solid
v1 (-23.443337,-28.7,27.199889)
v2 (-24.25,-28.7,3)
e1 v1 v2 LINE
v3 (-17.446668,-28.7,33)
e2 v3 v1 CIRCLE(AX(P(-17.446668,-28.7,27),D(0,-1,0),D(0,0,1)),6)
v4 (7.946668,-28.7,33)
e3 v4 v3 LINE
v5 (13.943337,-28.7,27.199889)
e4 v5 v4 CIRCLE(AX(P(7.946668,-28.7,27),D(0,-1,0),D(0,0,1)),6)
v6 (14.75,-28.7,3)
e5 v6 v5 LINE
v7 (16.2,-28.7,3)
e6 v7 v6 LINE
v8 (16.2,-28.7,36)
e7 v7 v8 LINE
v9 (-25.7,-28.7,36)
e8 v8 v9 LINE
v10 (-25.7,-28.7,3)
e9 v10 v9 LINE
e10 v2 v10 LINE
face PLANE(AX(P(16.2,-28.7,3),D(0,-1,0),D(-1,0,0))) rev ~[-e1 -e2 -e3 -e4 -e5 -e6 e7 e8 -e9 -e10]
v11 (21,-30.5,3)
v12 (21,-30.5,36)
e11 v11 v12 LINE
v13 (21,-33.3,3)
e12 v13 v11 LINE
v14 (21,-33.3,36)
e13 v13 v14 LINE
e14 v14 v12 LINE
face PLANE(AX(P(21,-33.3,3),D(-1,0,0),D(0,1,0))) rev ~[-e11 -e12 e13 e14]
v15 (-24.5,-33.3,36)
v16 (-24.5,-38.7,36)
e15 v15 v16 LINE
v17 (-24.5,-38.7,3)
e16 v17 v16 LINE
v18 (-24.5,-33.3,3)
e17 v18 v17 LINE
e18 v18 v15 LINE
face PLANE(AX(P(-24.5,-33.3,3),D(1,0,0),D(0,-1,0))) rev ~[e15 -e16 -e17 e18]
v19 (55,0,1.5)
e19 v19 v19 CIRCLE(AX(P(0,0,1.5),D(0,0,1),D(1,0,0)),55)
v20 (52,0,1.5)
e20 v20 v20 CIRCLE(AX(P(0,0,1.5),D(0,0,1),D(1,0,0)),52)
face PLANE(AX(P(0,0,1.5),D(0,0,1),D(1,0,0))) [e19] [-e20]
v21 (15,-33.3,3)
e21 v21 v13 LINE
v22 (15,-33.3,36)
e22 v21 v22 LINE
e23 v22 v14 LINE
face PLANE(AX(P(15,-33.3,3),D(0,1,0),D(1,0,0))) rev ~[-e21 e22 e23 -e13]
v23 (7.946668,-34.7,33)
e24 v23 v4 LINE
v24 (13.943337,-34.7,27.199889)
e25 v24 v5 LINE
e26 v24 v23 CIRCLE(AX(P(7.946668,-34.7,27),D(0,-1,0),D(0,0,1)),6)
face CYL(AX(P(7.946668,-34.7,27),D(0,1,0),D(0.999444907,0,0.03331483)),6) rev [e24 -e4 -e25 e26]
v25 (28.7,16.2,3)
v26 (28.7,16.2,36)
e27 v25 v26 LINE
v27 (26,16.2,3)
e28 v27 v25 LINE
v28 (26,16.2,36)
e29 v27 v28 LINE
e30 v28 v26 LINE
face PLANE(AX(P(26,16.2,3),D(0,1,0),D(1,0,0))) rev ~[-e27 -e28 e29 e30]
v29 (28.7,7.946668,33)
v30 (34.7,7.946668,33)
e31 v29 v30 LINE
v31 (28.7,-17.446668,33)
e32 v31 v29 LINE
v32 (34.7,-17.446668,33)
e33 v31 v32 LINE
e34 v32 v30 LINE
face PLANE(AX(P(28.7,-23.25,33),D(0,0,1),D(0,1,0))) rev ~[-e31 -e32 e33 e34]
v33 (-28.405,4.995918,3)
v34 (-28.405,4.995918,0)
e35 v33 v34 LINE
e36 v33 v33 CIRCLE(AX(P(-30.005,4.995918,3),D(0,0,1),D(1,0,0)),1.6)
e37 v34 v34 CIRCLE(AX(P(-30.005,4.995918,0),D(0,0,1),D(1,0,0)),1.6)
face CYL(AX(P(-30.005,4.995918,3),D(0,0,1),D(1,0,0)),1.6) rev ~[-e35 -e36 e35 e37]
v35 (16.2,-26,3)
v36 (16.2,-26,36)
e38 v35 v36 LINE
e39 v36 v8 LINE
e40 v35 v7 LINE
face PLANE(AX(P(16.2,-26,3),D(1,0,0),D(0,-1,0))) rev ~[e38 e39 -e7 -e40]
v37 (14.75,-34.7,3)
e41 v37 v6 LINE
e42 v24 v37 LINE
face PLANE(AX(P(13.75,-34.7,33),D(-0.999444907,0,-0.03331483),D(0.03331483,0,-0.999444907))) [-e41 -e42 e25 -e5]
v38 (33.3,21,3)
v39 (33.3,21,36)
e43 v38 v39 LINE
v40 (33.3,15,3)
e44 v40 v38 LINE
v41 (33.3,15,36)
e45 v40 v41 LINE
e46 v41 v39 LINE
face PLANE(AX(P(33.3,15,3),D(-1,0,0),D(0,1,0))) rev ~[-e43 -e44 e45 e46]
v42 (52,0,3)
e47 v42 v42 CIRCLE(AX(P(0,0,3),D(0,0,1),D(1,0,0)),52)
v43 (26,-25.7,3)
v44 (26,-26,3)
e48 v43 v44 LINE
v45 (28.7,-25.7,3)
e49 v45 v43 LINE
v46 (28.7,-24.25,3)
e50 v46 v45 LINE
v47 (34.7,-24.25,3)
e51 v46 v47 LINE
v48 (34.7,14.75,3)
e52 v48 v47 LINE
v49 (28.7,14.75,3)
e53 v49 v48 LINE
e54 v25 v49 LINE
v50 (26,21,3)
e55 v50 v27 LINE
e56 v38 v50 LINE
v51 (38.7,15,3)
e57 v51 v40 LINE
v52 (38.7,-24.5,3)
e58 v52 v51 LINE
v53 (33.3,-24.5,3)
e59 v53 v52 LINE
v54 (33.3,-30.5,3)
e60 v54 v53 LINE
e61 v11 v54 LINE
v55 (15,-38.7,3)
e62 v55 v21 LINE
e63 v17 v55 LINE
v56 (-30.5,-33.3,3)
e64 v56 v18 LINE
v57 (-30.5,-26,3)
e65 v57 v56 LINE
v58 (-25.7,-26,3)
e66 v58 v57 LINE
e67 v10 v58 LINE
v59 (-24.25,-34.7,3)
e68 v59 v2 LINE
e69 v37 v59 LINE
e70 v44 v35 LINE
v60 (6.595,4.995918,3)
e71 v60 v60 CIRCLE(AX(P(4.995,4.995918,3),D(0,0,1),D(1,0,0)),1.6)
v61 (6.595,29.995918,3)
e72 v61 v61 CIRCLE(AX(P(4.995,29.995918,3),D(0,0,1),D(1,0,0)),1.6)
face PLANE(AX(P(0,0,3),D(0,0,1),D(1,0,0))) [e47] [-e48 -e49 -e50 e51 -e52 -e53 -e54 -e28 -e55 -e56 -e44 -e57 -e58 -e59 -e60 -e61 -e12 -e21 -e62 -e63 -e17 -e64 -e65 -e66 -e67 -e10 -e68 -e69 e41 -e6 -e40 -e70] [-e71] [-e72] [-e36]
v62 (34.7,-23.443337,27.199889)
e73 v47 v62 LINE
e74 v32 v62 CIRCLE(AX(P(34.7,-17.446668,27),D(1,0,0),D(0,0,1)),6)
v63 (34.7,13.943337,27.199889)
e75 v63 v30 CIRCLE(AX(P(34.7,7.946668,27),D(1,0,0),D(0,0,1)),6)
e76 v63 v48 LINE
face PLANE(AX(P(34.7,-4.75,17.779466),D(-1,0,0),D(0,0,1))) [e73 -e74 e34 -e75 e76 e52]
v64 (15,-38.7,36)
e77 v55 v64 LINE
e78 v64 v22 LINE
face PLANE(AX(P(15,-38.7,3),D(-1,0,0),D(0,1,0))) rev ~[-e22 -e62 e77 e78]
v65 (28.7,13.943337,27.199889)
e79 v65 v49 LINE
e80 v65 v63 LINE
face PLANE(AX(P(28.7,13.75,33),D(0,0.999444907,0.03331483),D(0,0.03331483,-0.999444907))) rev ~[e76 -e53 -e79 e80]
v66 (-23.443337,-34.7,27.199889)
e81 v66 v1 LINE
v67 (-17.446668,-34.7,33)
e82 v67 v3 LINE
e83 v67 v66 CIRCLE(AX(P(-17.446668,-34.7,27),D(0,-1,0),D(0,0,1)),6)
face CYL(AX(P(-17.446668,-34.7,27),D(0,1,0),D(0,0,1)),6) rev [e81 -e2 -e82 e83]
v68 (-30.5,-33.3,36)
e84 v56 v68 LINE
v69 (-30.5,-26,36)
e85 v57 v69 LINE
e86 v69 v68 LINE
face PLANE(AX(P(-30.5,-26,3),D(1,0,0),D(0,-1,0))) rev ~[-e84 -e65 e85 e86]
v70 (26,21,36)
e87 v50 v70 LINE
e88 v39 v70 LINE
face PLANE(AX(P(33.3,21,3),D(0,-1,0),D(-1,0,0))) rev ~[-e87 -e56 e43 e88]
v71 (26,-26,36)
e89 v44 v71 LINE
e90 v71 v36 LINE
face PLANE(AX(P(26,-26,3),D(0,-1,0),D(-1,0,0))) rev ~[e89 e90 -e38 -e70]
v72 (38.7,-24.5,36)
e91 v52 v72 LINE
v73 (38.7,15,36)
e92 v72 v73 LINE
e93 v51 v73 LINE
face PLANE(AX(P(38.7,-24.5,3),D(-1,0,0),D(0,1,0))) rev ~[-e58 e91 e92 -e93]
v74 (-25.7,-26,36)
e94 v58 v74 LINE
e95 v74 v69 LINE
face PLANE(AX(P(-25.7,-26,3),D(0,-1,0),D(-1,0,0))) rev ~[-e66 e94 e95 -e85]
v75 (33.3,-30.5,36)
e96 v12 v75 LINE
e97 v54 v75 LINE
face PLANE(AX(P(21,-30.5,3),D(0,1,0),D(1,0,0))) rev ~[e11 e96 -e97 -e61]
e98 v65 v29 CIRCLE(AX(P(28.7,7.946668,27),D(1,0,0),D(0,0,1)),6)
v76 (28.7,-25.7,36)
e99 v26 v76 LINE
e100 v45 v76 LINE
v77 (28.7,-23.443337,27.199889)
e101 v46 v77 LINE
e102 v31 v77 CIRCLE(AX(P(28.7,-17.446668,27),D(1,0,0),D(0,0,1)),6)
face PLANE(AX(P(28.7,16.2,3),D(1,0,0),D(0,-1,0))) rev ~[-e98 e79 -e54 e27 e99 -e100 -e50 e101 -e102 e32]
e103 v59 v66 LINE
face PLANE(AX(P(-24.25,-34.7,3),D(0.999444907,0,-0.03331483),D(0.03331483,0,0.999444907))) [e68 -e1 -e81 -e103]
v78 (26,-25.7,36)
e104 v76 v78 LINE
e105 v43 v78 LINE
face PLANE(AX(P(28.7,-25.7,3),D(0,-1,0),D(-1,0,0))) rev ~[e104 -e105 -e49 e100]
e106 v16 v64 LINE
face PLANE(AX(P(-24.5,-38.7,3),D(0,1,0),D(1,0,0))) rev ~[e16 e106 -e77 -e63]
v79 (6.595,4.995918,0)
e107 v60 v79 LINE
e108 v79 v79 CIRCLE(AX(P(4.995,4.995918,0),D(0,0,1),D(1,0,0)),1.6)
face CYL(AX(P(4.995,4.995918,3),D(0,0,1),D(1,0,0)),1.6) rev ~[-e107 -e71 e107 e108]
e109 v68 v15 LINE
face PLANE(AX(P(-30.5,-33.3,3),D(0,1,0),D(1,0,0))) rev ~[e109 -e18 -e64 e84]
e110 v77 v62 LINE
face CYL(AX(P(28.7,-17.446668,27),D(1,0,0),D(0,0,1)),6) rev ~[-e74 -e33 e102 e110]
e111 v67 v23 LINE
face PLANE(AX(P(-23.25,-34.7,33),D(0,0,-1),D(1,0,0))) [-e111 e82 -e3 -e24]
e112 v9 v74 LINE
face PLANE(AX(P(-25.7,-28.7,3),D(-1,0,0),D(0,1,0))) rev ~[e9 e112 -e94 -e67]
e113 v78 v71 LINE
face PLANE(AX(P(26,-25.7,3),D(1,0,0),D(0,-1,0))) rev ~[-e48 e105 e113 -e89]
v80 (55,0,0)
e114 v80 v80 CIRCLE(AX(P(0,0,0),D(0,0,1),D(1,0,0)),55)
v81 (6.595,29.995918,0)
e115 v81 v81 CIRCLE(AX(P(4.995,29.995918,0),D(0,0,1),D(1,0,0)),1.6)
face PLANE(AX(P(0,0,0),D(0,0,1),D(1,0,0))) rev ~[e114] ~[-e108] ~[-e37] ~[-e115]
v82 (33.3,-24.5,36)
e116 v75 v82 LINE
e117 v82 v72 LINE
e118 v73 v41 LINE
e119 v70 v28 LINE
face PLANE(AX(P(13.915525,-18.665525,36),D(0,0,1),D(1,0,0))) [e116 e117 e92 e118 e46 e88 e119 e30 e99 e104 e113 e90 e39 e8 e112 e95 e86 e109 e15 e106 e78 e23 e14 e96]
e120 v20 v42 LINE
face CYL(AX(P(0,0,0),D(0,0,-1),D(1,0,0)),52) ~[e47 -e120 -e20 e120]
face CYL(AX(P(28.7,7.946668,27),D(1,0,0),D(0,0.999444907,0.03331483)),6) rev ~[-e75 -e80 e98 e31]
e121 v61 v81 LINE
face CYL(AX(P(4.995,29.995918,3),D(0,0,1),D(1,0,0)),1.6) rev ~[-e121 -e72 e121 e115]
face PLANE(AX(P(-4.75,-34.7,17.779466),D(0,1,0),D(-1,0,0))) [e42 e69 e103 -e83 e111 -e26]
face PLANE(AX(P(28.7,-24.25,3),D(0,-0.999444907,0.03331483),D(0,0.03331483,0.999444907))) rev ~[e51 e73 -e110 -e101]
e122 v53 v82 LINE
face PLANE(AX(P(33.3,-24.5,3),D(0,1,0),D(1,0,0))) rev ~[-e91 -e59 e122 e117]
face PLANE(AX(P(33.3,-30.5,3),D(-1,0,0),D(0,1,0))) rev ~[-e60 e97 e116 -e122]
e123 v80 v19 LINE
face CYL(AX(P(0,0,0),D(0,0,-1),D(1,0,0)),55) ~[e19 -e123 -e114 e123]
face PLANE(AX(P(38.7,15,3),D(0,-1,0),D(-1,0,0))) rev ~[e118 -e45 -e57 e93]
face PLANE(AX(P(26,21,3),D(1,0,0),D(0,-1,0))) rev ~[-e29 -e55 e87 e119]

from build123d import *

# Parameters (mm, degrees)
SKIZZE1_R                       = 52
AUFSATZ_LINEAR_AUSTRAGEN1_DEPTH = 3
SKIZZE1_3_R                     = 55
SKIZZE1_3_R_2                   = 52
AUFSATZ_LINEAR_AUSTRAGEN2_DEPTH = 1.5
SCHNITT_LINEAR_AUSTRAGEN1_REACH = 79.84
SKIZZE3_R                       = 1.6
AUFSATZ_LINEAR_AUSTRAGEN3_DEPTH = 33
SCHNITT_LINEAR_AUSTRAGEN4_REACH = 120.458
SCHNITT_LINEAR_START            = -4
VERRUNDUNG1_R                   = 6
SCHNITT_LINEAR_AUSTRAGEN9_DEPTH = 6
VERRUNDUNG2_R                   = 6


with BuildPart() as part:
    # Skizze1 → Aufsatz-Linear austragen1 (new body)
    with BuildSketch(Plane.XY):
        Circle(SKIZZE1_R)
    extrude(amount=AUFSATZ_LINEAR_AUSTRAGEN1_DEPTH)

    # Skizze1<3> → Aufsatz-Linear austragen2 (add)
    with BuildSketch(Plane.XY):
        Circle(SKIZZE1_3_R)
        Circle(SKIZZE1_3_R_2, mode=Mode.SUBTRACT)
    extrude(amount=AUFSATZ_LINEAR_AUSTRAGEN2_DEPTH)

    # Skizze3 → Schnitt-Linear austragen1 (cut, up to next)
    with BuildSketch(Plane.XY.offset(3), mode=Mode.PRIVATE) as schnitt_linear_austragen1_sk1:
        with Locations((4.995000167, 4.995918163)):
            Circle(SKIZZE3_R)
    schnitt_linear_austragen1_tool1 = extrude(schnitt_linear_austragen1_sk1.sketch, amount=-SCHNITT_LINEAR_AUSTRAGEN1_REACH, mode=Mode.PRIVATE) & part.part
    # Skizze3 → Schnitt-Linear austragen1 (cut, up to next)
    with BuildSketch(Plane.XY.offset(3), mode=Mode.PRIVATE) as schnitt_linear_austragen1_sk2:
        with Locations((4.995000167, 29.995918163)):
            Circle(SKIZZE3_R)
    schnitt_linear_austragen1_tool2 = extrude(schnitt_linear_austragen1_sk2.sketch, amount=-SCHNITT_LINEAR_AUSTRAGEN1_REACH, mode=Mode.PRIVATE) & part.part
    # Skizze3 → Schnitt-Linear austragen1 (cut, up to next)
    with BuildSketch(Plane.XY.offset(3), mode=Mode.PRIVATE) as schnitt_linear_austragen1_sk3:
        with Locations((-30.004999833, 4.995918163)):
            Circle(SKIZZE3_R)
    schnitt_linear_austragen1_tool3 = extrude(schnitt_linear_austragen1_sk3.sketch, amount=-SCHNITT_LINEAR_AUSTRAGEN1_REACH, mode=Mode.PRIVATE) & part.part
    add(schnitt_linear_austragen1_tool1.solids().sort_by_distance((4.995, 4.995918, 3))[0], mode=Mode.SUBTRACT)
    add(schnitt_linear_austragen1_tool2.solids().sort_by_distance((4.995, 29.995918, 3))[0], mode=Mode.SUBTRACT)
    add(schnitt_linear_austragen1_tool3.solids().sort_by_distance((-30.005, 4.995918, 3))[0], mode=Mode.SUBTRACT)

    # Skizze2 → Aufsatz-Linear austragen3 (add)
    with BuildSketch(Plane.XY.offset(3)):
        Polygon((26, 21), (26, 16.2), (27.2, 16.2), (28.7, 16.2), (28.7, 15), (28.7, -24.5), (28.7, -25.7), (27.2, -25.7), (26, -25.7), (26, -26), (21, -26), (16.2, -26), (16.2, -27.2), (16.2, -28.7), (15, -28.7), (-24.5, -28.7), (-25.7, -28.7), (-25.7, -27.2), (-25.7, -26), (-30.5, -26), (-30.5, -33.3), (-24.5, -33.3), (-24.5, -38.7), (15, -38.7), (15, -33.3), (21, -33.3), (21, -30.5), (26, -30.5), (33.3, -30.5), (33.3, -24.5), (38.7, -24.5), (38.7, 15), (33.3, 15), (33.3, 21), align=None)
    extrude(amount=AUFSATZ_LINEAR_AUSTRAGEN3_DEPTH)

    # Skizze6 → Schnitt-Linear austragen4 (cut, up to next)
    with BuildSketch(Plane.XZ.offset(38.7).offset(SCHNITT_LINEAR_START), mode=Mode.PRIVATE) as schnitt_linear_austragen4_sk1:
        Polygon((-24.25, 3), (-23.25, 33), (13.75, 33), (14.75, 3), align=None)
    schnitt_linear_austragen4_tool1 = extrude(schnitt_linear_austragen4_sk1.sketch, amount=-SCHNITT_LINEAR_AUSTRAGEN4_REACH, mode=Mode.PRIVATE) & part.part
    add(schnitt_linear_austragen4_tool1.solids().sort_by_distance((-4.75, -34.7, 17.868421))[0], mode=Mode.SUBTRACT)

    # Verrundung1
    verrundung1_edges = [part.edges().sort_by_distance(p)[0] for p in [
        (-23.25, -31.7, 33),
        (13.75, -31.7, 33),
    ]]
    fillet(verrundung1_edges, radius=VERRUNDUNG1_R)

    # Skizze7 → Schnitt-Linear austragen9 (cut)
    with BuildSketch(Plane.ZY.offset(-28.7)):
        Polygon((33, -23.25), (33, 13.75), (3, 14.75), (3, -24.25), align=None)
    extrude(amount=-SCHNITT_LINEAR_AUSTRAGEN9_DEPTH, mode=Mode.SUBTRACT)

    # Verrundung2
    verrundung2_edges = [part.edges().sort_by_distance(p)[0] for p in [
        (31.7, -23.25, 33),
        (31.7, 13.75, 33),
    ]]
    fillet(verrundung2_edges, radius=VERRUNDUNG2_R)


solid = part.part
